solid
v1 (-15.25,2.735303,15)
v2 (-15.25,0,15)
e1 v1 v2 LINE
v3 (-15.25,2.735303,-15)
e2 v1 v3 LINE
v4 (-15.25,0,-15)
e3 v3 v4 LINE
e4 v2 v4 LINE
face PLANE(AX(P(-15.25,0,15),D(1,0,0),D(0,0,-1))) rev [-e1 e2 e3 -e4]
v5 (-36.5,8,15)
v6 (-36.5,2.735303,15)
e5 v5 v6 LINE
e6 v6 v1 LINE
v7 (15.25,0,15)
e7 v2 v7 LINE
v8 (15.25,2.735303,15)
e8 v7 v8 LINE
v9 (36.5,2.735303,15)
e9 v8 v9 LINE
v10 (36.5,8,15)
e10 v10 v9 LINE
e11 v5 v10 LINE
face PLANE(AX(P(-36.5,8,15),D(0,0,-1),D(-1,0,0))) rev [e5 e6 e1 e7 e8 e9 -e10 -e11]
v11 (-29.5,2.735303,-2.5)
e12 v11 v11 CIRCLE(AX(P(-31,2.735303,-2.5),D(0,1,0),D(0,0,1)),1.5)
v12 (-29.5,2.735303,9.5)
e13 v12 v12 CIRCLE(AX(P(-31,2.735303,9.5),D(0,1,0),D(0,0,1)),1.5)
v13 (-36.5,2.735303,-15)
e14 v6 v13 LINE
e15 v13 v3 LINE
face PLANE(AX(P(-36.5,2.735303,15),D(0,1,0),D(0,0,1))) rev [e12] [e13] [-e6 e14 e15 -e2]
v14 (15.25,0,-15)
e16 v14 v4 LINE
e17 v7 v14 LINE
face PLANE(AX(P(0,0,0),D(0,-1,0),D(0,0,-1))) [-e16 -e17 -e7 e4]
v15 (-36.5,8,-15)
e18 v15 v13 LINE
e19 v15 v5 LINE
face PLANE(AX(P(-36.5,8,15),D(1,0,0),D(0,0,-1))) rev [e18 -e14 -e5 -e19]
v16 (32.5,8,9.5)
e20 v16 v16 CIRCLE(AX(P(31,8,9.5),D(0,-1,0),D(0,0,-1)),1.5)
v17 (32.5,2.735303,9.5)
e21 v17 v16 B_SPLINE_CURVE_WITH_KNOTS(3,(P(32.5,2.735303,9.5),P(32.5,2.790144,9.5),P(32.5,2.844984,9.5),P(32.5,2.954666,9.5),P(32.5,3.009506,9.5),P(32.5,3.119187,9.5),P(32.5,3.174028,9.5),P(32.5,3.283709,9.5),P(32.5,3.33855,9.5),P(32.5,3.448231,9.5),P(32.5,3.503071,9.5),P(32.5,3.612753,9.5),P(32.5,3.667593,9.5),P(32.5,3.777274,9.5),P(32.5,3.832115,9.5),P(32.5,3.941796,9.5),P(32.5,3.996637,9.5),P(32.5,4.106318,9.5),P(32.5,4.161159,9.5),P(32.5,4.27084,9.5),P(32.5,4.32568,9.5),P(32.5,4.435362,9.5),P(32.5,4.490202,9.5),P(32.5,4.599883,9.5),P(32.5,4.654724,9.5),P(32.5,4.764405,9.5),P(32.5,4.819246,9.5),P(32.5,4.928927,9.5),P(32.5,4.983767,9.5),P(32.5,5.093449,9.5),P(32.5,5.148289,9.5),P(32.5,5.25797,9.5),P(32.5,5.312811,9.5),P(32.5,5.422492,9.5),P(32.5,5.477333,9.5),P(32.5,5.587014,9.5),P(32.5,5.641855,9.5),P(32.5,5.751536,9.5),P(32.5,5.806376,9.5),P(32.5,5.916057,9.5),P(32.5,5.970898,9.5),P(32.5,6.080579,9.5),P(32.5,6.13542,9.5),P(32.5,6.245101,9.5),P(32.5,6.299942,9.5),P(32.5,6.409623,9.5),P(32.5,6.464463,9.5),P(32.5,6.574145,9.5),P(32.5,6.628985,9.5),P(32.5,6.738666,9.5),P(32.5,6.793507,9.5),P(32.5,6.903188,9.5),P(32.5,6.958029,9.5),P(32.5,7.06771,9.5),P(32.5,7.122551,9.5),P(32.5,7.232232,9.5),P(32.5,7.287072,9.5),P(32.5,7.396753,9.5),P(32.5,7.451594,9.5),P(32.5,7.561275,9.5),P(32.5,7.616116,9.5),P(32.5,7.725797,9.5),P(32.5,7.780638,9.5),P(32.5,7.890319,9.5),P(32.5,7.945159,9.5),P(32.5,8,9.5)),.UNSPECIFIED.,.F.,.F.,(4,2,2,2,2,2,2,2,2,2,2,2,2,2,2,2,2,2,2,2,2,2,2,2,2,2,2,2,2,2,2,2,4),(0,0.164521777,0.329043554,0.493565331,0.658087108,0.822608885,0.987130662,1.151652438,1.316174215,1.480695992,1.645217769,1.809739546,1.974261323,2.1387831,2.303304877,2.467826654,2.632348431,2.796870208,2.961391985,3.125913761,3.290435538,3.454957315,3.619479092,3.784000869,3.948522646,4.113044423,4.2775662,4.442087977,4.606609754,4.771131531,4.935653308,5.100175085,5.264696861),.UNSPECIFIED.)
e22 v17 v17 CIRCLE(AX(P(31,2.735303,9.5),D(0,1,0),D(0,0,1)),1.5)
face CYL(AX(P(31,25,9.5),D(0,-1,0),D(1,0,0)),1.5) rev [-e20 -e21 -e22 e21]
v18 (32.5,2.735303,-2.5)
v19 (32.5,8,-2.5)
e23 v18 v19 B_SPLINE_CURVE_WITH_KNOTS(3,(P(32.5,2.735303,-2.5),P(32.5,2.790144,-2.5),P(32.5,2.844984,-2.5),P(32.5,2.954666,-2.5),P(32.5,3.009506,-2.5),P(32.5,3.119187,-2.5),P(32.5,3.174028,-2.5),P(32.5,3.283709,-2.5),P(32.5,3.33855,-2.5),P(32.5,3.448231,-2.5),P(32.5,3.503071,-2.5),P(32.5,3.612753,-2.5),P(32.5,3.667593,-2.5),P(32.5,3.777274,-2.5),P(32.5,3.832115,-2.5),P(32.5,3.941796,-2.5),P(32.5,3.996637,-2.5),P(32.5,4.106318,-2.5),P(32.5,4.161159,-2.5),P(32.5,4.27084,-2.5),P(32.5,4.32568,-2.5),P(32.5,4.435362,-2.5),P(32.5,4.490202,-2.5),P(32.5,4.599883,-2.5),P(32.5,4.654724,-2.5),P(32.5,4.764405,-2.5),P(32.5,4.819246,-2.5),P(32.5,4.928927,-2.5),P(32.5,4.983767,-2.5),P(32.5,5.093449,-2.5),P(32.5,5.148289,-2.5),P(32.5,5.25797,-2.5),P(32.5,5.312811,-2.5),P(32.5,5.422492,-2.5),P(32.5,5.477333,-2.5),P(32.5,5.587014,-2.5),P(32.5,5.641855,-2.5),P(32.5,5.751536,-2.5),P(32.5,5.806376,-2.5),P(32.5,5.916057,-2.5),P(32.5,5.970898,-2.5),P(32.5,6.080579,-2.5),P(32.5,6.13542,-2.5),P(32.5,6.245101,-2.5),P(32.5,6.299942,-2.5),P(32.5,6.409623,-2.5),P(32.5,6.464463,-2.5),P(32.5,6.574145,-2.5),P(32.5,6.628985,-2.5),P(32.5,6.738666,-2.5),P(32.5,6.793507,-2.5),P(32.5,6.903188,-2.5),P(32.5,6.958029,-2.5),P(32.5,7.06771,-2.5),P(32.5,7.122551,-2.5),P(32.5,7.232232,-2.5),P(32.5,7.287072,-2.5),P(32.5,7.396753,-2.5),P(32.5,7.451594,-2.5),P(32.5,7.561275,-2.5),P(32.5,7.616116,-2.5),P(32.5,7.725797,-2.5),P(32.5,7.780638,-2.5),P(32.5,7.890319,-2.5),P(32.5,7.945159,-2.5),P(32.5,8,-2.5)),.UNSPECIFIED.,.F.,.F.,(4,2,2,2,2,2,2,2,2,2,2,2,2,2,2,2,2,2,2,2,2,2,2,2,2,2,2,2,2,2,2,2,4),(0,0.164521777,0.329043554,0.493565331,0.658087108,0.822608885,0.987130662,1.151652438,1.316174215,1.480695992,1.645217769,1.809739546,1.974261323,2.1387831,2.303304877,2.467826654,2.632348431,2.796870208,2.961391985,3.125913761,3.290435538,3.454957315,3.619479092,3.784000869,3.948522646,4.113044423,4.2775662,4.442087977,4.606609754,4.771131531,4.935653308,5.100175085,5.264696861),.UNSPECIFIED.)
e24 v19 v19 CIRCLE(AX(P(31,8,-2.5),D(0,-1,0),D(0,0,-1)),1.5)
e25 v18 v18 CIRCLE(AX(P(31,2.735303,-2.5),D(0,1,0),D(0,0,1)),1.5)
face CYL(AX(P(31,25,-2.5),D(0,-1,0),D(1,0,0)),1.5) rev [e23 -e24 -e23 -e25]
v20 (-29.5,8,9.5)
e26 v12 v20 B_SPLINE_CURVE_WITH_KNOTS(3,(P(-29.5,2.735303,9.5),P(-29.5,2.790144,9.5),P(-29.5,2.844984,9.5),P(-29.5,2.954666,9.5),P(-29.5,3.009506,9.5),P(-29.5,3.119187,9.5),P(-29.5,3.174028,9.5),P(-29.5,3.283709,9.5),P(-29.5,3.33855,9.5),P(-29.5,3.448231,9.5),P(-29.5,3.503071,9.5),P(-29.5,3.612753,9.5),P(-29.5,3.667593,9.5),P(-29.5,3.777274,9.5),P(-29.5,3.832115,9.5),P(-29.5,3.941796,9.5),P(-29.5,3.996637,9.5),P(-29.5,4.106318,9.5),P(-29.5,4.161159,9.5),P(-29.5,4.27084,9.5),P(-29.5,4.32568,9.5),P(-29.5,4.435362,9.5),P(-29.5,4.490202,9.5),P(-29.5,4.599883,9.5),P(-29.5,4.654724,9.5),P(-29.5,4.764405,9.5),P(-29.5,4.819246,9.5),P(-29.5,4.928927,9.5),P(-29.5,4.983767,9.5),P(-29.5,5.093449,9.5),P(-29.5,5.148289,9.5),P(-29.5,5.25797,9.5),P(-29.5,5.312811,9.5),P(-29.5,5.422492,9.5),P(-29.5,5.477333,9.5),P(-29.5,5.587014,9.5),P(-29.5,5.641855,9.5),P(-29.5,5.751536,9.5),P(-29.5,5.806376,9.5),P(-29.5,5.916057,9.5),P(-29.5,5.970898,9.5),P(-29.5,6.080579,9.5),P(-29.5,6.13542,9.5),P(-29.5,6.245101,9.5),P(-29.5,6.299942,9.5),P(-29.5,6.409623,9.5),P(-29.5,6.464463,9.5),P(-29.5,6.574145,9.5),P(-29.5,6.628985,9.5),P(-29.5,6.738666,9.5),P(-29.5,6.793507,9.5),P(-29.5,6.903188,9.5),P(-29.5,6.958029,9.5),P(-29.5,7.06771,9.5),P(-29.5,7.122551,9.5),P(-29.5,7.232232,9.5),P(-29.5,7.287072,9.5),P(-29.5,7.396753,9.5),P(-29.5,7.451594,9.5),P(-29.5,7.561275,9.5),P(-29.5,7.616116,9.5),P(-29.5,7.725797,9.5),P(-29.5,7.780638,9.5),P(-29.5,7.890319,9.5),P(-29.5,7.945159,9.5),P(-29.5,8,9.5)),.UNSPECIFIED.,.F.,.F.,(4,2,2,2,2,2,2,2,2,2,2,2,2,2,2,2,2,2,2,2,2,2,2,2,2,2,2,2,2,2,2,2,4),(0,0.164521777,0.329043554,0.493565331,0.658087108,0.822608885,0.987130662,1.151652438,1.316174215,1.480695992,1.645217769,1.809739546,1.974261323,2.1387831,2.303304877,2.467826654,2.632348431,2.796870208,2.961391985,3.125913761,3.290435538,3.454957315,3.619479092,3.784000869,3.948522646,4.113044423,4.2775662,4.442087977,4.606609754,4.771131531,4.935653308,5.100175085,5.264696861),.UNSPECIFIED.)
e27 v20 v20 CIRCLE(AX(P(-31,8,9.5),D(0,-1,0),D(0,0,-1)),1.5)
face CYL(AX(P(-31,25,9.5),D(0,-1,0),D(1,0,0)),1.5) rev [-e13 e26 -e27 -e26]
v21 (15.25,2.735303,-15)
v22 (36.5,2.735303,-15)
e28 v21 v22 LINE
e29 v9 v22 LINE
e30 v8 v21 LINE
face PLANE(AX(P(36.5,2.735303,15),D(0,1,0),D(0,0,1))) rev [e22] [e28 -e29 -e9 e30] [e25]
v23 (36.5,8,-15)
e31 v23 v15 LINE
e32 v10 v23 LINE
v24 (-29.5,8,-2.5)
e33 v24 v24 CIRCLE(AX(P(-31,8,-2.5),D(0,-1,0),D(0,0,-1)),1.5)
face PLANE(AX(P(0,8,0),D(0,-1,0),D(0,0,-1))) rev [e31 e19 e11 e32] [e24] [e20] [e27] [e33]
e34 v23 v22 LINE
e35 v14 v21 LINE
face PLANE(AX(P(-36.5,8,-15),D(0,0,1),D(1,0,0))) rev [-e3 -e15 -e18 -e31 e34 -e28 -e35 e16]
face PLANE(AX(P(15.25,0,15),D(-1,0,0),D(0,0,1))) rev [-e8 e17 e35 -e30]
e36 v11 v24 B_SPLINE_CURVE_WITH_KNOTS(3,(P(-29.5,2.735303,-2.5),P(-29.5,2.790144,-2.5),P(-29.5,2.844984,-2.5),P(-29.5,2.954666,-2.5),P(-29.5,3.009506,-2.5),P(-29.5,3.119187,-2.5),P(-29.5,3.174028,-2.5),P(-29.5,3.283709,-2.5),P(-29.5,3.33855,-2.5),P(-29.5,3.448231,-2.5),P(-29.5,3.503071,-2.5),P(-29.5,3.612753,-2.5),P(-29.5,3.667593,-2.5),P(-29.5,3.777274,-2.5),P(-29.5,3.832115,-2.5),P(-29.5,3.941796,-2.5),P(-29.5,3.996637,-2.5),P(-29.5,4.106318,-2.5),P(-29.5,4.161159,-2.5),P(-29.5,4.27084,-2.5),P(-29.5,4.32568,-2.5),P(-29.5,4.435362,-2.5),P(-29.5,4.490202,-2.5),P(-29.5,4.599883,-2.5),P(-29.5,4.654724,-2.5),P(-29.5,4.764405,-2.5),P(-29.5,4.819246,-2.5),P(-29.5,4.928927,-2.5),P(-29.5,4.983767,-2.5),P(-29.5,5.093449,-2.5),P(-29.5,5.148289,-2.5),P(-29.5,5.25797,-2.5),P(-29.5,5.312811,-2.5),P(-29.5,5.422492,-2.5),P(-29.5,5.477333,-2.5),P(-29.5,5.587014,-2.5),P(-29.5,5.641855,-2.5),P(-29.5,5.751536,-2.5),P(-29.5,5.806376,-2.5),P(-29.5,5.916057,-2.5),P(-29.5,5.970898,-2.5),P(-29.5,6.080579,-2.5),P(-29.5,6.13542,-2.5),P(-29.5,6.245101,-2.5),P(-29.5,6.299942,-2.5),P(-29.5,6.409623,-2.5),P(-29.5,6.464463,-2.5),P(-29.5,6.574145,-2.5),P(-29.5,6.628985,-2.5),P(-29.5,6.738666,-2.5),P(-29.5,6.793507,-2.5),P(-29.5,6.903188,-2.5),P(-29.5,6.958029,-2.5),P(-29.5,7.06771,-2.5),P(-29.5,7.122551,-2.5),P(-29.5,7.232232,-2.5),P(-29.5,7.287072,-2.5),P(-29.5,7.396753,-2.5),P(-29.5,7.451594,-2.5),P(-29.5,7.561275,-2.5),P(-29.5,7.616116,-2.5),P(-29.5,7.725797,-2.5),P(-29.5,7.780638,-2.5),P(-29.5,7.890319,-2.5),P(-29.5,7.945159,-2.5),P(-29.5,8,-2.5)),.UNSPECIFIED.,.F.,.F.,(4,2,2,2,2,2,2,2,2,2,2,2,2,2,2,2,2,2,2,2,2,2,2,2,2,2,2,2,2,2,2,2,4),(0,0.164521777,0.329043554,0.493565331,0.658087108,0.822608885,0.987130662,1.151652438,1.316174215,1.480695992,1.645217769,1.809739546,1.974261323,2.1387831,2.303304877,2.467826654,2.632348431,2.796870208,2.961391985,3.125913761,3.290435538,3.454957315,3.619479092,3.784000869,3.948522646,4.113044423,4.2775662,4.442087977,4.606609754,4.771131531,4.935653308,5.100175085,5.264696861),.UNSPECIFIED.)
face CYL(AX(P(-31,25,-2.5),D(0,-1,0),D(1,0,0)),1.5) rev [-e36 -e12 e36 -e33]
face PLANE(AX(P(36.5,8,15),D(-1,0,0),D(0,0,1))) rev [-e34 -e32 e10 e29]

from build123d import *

# Parameters (mm, degrees)
SKETCH_1_W          = 73
SKETCH_1_H          = 30
EXTRUDE_1_DEPTH     = 8
SKETCH_2_W          = 21.25
SKETCH_2_H          = 2.735303139
CUT_EXTRUDE_1_DEPTH = 48.919202831
SKETCH_3_R          = 1.5
CUT_EXTRUDE_2_DEPTH = 45


with BuildPart() as part:
    # 草图1 → 凸台-拉伸1 (new body)
    with BuildSketch(Plane(origin=(0, 0, 0), x_dir=(1, 0, 0), z_dir=(0, 1, 0))):
        Rectangle(SKETCH_1_W, SKETCH_1_H)
    extrude(amount=EXTRUDE_1_DEPTH)

    # 草图2 → 切除-拉伸1 (cut, through all)
    with BuildSketch(Plane(origin=(0, 0, -15), x_dir=(-1, 0, 0), z_dir=(0, 0, -1))):
        with Locations((-25.875, 1.367651569)):
            Rectangle(SKETCH_2_W, SKETCH_2_H)
        with Locations((25.875, 1.367651569)):
            Rectangle(SKETCH_2_W, SKETCH_2_H)
    extrude(amount=-CUT_EXTRUDE_1_DEPTH, mode=Mode.SUBTRACT)

    # 草图3 → 切除-拉伸2 (cut, symmetric)
    with BuildSketch(Plane(origin=(59.282070169, -20, -16.5), x_dir=(1, 0, 0), z_dir=(0, -1, 0))):
        with Locations((-28.282070169, 14)):
            Circle(SKETCH_3_R)
        with Locations((-90.282070169, 14)):
            Circle(SKETCH_3_R)
        with Locations((-90.282070169, 26)):
            Circle(SKETCH_3_R)
        with Locations((-28.282070169, 26)):
            Circle(SKETCH_3_R)
    extrude(amount=CUT_EXTRUDE_2_DEPTH, both=True, mode=Mode.SUBTRACT)


solid = part.part
